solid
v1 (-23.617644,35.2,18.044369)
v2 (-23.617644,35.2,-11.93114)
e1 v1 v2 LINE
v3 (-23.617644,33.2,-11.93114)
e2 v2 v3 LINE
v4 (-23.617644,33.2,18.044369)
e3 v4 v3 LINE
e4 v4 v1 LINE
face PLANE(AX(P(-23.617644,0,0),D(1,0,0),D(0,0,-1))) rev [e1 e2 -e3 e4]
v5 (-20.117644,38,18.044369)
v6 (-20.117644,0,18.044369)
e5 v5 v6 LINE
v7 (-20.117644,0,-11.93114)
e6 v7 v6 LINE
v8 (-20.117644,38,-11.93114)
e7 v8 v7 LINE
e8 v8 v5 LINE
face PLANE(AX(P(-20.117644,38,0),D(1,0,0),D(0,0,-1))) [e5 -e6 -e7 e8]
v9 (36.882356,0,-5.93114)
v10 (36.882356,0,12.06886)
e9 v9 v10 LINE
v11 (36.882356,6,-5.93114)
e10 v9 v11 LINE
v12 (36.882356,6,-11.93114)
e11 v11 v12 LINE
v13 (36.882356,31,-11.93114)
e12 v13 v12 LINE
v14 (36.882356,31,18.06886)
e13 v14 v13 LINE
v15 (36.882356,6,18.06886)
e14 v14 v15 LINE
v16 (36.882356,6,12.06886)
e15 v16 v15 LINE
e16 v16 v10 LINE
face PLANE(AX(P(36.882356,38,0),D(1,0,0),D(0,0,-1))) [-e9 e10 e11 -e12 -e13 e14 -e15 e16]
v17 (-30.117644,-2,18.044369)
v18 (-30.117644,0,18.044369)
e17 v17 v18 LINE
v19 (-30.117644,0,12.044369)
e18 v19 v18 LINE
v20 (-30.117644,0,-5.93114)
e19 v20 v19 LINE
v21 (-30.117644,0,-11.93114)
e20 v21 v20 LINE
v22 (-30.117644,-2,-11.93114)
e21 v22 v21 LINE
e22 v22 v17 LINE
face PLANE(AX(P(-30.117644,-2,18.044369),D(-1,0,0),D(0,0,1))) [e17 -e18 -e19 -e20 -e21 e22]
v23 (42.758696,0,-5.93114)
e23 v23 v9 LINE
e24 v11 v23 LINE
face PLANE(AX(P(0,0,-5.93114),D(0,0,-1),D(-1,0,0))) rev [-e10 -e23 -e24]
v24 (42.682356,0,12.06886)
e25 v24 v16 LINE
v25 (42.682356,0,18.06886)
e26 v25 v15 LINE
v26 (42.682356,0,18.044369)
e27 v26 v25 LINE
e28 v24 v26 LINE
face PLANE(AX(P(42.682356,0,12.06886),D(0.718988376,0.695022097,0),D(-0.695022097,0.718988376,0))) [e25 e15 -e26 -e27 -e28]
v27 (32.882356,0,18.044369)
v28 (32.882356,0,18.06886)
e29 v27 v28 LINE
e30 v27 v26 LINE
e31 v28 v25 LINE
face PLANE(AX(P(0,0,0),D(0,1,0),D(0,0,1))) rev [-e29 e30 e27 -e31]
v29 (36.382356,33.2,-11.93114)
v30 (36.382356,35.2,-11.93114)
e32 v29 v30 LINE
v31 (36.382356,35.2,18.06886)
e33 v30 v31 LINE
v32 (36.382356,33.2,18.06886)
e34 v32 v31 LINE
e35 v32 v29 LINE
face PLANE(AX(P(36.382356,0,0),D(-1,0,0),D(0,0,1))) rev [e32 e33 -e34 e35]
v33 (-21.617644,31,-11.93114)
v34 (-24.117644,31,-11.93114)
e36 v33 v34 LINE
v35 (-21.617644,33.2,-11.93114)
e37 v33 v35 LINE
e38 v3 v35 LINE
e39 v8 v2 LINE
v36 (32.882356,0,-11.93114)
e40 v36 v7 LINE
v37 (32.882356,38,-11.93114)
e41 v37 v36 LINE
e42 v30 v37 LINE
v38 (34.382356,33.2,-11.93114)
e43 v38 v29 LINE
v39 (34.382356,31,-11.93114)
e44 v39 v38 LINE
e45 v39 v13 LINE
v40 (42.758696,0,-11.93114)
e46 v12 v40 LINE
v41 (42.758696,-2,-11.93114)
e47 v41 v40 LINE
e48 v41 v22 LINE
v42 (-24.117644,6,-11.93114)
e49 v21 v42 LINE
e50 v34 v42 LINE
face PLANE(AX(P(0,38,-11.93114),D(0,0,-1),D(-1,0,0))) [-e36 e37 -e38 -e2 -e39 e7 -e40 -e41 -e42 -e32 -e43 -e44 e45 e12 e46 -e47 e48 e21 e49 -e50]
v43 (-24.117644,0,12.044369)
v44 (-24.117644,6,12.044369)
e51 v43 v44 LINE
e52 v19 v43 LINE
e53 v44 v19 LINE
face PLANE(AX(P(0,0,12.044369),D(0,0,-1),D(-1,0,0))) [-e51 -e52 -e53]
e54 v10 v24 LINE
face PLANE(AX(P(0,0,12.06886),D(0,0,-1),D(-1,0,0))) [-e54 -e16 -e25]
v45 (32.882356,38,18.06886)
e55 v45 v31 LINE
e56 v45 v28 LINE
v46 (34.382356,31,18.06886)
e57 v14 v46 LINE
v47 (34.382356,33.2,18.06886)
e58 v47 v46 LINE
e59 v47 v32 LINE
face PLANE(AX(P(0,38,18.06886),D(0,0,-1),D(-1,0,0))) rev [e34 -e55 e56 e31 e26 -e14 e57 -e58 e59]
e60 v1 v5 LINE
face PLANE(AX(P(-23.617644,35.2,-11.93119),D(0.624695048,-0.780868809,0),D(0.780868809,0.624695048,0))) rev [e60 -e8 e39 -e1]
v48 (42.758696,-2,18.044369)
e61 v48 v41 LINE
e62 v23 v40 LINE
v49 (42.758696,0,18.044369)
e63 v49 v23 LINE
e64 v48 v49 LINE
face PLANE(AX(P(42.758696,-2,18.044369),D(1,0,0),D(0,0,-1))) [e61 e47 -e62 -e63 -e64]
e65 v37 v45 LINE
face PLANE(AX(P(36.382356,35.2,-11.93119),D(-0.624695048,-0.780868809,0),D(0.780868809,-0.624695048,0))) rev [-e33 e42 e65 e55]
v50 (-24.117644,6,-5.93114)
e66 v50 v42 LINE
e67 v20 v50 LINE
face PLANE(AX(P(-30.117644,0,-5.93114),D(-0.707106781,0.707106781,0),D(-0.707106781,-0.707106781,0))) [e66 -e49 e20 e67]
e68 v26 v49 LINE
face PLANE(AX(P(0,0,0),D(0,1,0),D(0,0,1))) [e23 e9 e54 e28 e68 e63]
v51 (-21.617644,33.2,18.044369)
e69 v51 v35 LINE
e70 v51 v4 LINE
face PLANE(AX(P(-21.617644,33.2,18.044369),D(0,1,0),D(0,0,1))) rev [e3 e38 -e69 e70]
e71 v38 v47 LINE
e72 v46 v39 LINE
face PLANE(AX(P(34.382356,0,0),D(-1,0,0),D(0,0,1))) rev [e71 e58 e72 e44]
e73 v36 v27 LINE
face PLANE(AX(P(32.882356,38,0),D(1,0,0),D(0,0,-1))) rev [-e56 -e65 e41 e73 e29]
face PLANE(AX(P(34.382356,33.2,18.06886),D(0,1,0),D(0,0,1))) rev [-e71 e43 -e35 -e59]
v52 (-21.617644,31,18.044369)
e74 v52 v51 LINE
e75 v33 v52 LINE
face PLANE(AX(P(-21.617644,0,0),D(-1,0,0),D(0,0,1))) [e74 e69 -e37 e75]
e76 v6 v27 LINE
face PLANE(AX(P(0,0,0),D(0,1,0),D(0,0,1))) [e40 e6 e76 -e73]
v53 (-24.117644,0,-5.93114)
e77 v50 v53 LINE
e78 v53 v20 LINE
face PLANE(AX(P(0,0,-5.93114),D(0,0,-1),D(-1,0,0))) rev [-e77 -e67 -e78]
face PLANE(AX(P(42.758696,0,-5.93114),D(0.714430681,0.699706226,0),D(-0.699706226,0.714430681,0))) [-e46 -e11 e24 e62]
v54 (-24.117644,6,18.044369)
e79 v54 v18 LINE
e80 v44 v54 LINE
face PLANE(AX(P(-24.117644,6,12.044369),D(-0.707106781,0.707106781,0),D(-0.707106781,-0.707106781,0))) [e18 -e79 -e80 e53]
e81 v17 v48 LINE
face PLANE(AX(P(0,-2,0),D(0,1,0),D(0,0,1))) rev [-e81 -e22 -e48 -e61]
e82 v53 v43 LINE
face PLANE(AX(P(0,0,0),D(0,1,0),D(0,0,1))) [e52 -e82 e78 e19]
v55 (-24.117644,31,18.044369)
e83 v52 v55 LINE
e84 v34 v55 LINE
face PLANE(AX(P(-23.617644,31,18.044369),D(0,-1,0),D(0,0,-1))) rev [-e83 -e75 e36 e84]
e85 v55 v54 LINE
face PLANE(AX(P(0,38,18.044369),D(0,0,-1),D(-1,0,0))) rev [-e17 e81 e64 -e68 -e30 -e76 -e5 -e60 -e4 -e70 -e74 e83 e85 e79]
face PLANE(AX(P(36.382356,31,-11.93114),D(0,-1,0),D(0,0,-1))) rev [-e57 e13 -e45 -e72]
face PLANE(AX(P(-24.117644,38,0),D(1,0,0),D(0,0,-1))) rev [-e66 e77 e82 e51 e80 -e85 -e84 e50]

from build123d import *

# Parameters (mm, degrees)
SKETCH2_W             = 4
SKETCH2_H             = 29.975509742
BOSS_EXTRUDE1_DEPTH   = 38
BOSS_EXTRUDE1_2_DEPTH = 38
SKETCH3_W             = 72.876339672
SKETCH3_H             = 29.975509742
BOSS_EXTRUDE3_DEPTH   = 2
BOSS_EXTRUDE4_DEPTH   = 6
BOSS_EXTRUDE5_DEPTH   = 6
BOSS_EXTRUDE7_DEPTH   = 6
BOSS_EXTRUDE8_DEPTH   = 6
SKETCH17_W            = 32.717324733
SKETCH17_H            = 7
CUT_EXTRUDE9_DEPTH    = 0.5
SKETCH18_W            = 40.099699831
SKETCH18_H            = 2.2
CUT_EXTRUDE10_DEPTH   = 2
CUT_EXTRUDE11_DEPTH   = 31
SKETCH20_W            = 49.216753152
SKETCH20_H            = 10.950019834
CUT_EXTRUDE12_DEPTH   = 0.5
SKETCH21_W            = 42.54396611
SKETCH21_H            = 2.2
CUT_EXTRUDE13_DEPTH   = 2
CUT_EXTRUDE14_DEPTH   = 30.975509742


with BuildPart() as part:
    # Sketch2 → Boss-Extrude1 (new body)
    with BuildSketch(Plane(origin=(0, 0, 0), x_dir=(1, 0, 0), z_dir=(0, 1, 0))):
        with Locations((-22.117643943, -3.05661445)):
            Rectangle(SKETCH2_W, SKETCH2_H)
    extrude(amount=BOSS_EXTRUDE1_DEPTH)



with BuildPart() as body_2:
    # Sketch2 → Boss-Extrude1 2 (new body)
    with BuildSketch(Plane(origin=(0, 0, 0), x_dir=(1, 0, 0), z_dir=(0, 1, 0))):
        Polygon((36.882356057, 11.931140421), (35.682356057, 11.931140421), (32.882356057, 11.931140421), (32.882356057, -18.068859579), (36.882356057, -18.068859579), align=None)
    extrude(amount=BOSS_EXTRUDE1_2_DEPTH)


with BuildPart() as part_1:
    add(part.part)

    add(body_2.part)  # Boss-Extrude3 merges body 2
    # Sketch3 → Boss-Extrude3 (add)
    with BuildSketch(Plane(origin=(0, 0, 0), x_dir=(1, 0, 0), z_dir=(0, 1, 0))):
        with Locations((6.320525893, -3.05661445)):
            Rectangle(SKETCH3_W, SKETCH3_H)
    extrude(amount=-BOSS_EXTRUDE3_DEPTH)

    # Sketch6 → Boss-Extrude4 (add)
    with BuildSketch(Plane.XY.offset(18.068859579)):
        Polygon((36.882356057, 6), (36.882356057, 0), (42.682356057, 0), align=None)
    extrude(amount=-BOSS_EXTRUDE4_DEPTH)

    # Sketch7 → Boss-Extrude5 (add)
    with BuildSketch(Plane(origin=(0, 0, -11.931140421), x_dir=(-1, 0, 0), z_dir=(0, 0, -1))):
        Polygon((-42.758695729, 0), (-36.882356057, 6), (-36.882356057, 0), align=None)
    extrude(amount=-BOSS_EXTRUDE5_DEPTH)

    # Sketch9 → Boss-Extrude7 (add)
    with BuildSketch(Plane.XY.offset(18.044369321)):
        Polygon((-24.117643943, 6), (-30.117643943, 0), (-24.117643943, 0), align=None)
    extrude(amount=-BOSS_EXTRUDE7_DEPTH)

    # Sketch8 → Boss-Extrude8 (add)
    with BuildSketch(Plane(origin=(0, 0, -11.931140421), x_dir=(-1, 0, 0), z_dir=(0, 0, -1))):
        Polygon((24.117643943, 6), (24.117643943, 0), (30.117643943, 0), align=None)
    extrude(amount=-BOSS_EXTRUDE8_DEPTH)

    # Sketch17 → Cut-Extrude9 (cut)
    with BuildSketch(Plane(origin=(36.882356057, 0, 0), x_dir=(0, 0, -1), z_dir=(1, 0, 0))):
        with Locations((-4.427521945, 34.5)):
            Rectangle(SKETCH17_W, SKETCH17_H)
    extrude(amount=-CUT_EXTRUDE9_DEPTH, mode=Mode.SUBTRACT)

    # Sketch18 → Cut-Extrude10 (cut)
    with BuildSketch(Plane(origin=(36.382356057, 0, 0), x_dir=(0, 0, -1), z_dir=(1, 0, 0))):
        with Locations((1.980990336, 32.1)):
            Rectangle(SKETCH18_W, SKETCH18_H)
    extrude(amount=-CUT_EXTRUDE10_DEPTH, mode=Mode.SUBTRACT)

    # Sketch19 → Cut-Extrude11 (cut, through all)
    with BuildSketch(Plane.XY.offset(18.068859579)):
        Polygon((36.382356057, 35.2), (32.882356057, 38), (30.81845706, 44.907759877), (43.465809669, 41.162121973), align=None)
    extrude(amount=-CUT_EXTRUDE11_DEPTH, mode=Mode.SUBTRACT)

    # Sketch20 → Cut-Extrude12 (cut)
    with BuildSketch(Plane.ZY.offset(24.117643943)):
        with Locations((-6.564007255, 36.475009917)):
            Rectangle(SKETCH20_W, SKETCH20_H)
    extrude(amount=-CUT_EXTRUDE12_DEPTH, mode=Mode.SUBTRACT)

    # Sketch21 → Cut-Extrude13 (cut)
    with BuildSketch(Plane.ZY.offset(23.617643943)):
        with Locations((-3.227613734, 32.1)):
            Rectangle(SKETCH21_W, SKETCH21_H)
    extrude(amount=-CUT_EXTRUDE13_DEPTH, mode=Mode.SUBTRACT)

    # Sketch22 → Cut-Extrude14 (cut, through all)
    with BuildSketch(Plane.XY.offset(18.044369321)):
        Polygon((-23.617643943, 35.2), (-20.117643943, 38), (-17.308564487, 46.700014394), (-43.949503764, 46.700014394), (-33.84948937, 36.6), align=None)
    extrude(amount=-CUT_EXTRUDE14_DEPTH, mode=Mode.SUBTRACT)


solid = part_1.part
